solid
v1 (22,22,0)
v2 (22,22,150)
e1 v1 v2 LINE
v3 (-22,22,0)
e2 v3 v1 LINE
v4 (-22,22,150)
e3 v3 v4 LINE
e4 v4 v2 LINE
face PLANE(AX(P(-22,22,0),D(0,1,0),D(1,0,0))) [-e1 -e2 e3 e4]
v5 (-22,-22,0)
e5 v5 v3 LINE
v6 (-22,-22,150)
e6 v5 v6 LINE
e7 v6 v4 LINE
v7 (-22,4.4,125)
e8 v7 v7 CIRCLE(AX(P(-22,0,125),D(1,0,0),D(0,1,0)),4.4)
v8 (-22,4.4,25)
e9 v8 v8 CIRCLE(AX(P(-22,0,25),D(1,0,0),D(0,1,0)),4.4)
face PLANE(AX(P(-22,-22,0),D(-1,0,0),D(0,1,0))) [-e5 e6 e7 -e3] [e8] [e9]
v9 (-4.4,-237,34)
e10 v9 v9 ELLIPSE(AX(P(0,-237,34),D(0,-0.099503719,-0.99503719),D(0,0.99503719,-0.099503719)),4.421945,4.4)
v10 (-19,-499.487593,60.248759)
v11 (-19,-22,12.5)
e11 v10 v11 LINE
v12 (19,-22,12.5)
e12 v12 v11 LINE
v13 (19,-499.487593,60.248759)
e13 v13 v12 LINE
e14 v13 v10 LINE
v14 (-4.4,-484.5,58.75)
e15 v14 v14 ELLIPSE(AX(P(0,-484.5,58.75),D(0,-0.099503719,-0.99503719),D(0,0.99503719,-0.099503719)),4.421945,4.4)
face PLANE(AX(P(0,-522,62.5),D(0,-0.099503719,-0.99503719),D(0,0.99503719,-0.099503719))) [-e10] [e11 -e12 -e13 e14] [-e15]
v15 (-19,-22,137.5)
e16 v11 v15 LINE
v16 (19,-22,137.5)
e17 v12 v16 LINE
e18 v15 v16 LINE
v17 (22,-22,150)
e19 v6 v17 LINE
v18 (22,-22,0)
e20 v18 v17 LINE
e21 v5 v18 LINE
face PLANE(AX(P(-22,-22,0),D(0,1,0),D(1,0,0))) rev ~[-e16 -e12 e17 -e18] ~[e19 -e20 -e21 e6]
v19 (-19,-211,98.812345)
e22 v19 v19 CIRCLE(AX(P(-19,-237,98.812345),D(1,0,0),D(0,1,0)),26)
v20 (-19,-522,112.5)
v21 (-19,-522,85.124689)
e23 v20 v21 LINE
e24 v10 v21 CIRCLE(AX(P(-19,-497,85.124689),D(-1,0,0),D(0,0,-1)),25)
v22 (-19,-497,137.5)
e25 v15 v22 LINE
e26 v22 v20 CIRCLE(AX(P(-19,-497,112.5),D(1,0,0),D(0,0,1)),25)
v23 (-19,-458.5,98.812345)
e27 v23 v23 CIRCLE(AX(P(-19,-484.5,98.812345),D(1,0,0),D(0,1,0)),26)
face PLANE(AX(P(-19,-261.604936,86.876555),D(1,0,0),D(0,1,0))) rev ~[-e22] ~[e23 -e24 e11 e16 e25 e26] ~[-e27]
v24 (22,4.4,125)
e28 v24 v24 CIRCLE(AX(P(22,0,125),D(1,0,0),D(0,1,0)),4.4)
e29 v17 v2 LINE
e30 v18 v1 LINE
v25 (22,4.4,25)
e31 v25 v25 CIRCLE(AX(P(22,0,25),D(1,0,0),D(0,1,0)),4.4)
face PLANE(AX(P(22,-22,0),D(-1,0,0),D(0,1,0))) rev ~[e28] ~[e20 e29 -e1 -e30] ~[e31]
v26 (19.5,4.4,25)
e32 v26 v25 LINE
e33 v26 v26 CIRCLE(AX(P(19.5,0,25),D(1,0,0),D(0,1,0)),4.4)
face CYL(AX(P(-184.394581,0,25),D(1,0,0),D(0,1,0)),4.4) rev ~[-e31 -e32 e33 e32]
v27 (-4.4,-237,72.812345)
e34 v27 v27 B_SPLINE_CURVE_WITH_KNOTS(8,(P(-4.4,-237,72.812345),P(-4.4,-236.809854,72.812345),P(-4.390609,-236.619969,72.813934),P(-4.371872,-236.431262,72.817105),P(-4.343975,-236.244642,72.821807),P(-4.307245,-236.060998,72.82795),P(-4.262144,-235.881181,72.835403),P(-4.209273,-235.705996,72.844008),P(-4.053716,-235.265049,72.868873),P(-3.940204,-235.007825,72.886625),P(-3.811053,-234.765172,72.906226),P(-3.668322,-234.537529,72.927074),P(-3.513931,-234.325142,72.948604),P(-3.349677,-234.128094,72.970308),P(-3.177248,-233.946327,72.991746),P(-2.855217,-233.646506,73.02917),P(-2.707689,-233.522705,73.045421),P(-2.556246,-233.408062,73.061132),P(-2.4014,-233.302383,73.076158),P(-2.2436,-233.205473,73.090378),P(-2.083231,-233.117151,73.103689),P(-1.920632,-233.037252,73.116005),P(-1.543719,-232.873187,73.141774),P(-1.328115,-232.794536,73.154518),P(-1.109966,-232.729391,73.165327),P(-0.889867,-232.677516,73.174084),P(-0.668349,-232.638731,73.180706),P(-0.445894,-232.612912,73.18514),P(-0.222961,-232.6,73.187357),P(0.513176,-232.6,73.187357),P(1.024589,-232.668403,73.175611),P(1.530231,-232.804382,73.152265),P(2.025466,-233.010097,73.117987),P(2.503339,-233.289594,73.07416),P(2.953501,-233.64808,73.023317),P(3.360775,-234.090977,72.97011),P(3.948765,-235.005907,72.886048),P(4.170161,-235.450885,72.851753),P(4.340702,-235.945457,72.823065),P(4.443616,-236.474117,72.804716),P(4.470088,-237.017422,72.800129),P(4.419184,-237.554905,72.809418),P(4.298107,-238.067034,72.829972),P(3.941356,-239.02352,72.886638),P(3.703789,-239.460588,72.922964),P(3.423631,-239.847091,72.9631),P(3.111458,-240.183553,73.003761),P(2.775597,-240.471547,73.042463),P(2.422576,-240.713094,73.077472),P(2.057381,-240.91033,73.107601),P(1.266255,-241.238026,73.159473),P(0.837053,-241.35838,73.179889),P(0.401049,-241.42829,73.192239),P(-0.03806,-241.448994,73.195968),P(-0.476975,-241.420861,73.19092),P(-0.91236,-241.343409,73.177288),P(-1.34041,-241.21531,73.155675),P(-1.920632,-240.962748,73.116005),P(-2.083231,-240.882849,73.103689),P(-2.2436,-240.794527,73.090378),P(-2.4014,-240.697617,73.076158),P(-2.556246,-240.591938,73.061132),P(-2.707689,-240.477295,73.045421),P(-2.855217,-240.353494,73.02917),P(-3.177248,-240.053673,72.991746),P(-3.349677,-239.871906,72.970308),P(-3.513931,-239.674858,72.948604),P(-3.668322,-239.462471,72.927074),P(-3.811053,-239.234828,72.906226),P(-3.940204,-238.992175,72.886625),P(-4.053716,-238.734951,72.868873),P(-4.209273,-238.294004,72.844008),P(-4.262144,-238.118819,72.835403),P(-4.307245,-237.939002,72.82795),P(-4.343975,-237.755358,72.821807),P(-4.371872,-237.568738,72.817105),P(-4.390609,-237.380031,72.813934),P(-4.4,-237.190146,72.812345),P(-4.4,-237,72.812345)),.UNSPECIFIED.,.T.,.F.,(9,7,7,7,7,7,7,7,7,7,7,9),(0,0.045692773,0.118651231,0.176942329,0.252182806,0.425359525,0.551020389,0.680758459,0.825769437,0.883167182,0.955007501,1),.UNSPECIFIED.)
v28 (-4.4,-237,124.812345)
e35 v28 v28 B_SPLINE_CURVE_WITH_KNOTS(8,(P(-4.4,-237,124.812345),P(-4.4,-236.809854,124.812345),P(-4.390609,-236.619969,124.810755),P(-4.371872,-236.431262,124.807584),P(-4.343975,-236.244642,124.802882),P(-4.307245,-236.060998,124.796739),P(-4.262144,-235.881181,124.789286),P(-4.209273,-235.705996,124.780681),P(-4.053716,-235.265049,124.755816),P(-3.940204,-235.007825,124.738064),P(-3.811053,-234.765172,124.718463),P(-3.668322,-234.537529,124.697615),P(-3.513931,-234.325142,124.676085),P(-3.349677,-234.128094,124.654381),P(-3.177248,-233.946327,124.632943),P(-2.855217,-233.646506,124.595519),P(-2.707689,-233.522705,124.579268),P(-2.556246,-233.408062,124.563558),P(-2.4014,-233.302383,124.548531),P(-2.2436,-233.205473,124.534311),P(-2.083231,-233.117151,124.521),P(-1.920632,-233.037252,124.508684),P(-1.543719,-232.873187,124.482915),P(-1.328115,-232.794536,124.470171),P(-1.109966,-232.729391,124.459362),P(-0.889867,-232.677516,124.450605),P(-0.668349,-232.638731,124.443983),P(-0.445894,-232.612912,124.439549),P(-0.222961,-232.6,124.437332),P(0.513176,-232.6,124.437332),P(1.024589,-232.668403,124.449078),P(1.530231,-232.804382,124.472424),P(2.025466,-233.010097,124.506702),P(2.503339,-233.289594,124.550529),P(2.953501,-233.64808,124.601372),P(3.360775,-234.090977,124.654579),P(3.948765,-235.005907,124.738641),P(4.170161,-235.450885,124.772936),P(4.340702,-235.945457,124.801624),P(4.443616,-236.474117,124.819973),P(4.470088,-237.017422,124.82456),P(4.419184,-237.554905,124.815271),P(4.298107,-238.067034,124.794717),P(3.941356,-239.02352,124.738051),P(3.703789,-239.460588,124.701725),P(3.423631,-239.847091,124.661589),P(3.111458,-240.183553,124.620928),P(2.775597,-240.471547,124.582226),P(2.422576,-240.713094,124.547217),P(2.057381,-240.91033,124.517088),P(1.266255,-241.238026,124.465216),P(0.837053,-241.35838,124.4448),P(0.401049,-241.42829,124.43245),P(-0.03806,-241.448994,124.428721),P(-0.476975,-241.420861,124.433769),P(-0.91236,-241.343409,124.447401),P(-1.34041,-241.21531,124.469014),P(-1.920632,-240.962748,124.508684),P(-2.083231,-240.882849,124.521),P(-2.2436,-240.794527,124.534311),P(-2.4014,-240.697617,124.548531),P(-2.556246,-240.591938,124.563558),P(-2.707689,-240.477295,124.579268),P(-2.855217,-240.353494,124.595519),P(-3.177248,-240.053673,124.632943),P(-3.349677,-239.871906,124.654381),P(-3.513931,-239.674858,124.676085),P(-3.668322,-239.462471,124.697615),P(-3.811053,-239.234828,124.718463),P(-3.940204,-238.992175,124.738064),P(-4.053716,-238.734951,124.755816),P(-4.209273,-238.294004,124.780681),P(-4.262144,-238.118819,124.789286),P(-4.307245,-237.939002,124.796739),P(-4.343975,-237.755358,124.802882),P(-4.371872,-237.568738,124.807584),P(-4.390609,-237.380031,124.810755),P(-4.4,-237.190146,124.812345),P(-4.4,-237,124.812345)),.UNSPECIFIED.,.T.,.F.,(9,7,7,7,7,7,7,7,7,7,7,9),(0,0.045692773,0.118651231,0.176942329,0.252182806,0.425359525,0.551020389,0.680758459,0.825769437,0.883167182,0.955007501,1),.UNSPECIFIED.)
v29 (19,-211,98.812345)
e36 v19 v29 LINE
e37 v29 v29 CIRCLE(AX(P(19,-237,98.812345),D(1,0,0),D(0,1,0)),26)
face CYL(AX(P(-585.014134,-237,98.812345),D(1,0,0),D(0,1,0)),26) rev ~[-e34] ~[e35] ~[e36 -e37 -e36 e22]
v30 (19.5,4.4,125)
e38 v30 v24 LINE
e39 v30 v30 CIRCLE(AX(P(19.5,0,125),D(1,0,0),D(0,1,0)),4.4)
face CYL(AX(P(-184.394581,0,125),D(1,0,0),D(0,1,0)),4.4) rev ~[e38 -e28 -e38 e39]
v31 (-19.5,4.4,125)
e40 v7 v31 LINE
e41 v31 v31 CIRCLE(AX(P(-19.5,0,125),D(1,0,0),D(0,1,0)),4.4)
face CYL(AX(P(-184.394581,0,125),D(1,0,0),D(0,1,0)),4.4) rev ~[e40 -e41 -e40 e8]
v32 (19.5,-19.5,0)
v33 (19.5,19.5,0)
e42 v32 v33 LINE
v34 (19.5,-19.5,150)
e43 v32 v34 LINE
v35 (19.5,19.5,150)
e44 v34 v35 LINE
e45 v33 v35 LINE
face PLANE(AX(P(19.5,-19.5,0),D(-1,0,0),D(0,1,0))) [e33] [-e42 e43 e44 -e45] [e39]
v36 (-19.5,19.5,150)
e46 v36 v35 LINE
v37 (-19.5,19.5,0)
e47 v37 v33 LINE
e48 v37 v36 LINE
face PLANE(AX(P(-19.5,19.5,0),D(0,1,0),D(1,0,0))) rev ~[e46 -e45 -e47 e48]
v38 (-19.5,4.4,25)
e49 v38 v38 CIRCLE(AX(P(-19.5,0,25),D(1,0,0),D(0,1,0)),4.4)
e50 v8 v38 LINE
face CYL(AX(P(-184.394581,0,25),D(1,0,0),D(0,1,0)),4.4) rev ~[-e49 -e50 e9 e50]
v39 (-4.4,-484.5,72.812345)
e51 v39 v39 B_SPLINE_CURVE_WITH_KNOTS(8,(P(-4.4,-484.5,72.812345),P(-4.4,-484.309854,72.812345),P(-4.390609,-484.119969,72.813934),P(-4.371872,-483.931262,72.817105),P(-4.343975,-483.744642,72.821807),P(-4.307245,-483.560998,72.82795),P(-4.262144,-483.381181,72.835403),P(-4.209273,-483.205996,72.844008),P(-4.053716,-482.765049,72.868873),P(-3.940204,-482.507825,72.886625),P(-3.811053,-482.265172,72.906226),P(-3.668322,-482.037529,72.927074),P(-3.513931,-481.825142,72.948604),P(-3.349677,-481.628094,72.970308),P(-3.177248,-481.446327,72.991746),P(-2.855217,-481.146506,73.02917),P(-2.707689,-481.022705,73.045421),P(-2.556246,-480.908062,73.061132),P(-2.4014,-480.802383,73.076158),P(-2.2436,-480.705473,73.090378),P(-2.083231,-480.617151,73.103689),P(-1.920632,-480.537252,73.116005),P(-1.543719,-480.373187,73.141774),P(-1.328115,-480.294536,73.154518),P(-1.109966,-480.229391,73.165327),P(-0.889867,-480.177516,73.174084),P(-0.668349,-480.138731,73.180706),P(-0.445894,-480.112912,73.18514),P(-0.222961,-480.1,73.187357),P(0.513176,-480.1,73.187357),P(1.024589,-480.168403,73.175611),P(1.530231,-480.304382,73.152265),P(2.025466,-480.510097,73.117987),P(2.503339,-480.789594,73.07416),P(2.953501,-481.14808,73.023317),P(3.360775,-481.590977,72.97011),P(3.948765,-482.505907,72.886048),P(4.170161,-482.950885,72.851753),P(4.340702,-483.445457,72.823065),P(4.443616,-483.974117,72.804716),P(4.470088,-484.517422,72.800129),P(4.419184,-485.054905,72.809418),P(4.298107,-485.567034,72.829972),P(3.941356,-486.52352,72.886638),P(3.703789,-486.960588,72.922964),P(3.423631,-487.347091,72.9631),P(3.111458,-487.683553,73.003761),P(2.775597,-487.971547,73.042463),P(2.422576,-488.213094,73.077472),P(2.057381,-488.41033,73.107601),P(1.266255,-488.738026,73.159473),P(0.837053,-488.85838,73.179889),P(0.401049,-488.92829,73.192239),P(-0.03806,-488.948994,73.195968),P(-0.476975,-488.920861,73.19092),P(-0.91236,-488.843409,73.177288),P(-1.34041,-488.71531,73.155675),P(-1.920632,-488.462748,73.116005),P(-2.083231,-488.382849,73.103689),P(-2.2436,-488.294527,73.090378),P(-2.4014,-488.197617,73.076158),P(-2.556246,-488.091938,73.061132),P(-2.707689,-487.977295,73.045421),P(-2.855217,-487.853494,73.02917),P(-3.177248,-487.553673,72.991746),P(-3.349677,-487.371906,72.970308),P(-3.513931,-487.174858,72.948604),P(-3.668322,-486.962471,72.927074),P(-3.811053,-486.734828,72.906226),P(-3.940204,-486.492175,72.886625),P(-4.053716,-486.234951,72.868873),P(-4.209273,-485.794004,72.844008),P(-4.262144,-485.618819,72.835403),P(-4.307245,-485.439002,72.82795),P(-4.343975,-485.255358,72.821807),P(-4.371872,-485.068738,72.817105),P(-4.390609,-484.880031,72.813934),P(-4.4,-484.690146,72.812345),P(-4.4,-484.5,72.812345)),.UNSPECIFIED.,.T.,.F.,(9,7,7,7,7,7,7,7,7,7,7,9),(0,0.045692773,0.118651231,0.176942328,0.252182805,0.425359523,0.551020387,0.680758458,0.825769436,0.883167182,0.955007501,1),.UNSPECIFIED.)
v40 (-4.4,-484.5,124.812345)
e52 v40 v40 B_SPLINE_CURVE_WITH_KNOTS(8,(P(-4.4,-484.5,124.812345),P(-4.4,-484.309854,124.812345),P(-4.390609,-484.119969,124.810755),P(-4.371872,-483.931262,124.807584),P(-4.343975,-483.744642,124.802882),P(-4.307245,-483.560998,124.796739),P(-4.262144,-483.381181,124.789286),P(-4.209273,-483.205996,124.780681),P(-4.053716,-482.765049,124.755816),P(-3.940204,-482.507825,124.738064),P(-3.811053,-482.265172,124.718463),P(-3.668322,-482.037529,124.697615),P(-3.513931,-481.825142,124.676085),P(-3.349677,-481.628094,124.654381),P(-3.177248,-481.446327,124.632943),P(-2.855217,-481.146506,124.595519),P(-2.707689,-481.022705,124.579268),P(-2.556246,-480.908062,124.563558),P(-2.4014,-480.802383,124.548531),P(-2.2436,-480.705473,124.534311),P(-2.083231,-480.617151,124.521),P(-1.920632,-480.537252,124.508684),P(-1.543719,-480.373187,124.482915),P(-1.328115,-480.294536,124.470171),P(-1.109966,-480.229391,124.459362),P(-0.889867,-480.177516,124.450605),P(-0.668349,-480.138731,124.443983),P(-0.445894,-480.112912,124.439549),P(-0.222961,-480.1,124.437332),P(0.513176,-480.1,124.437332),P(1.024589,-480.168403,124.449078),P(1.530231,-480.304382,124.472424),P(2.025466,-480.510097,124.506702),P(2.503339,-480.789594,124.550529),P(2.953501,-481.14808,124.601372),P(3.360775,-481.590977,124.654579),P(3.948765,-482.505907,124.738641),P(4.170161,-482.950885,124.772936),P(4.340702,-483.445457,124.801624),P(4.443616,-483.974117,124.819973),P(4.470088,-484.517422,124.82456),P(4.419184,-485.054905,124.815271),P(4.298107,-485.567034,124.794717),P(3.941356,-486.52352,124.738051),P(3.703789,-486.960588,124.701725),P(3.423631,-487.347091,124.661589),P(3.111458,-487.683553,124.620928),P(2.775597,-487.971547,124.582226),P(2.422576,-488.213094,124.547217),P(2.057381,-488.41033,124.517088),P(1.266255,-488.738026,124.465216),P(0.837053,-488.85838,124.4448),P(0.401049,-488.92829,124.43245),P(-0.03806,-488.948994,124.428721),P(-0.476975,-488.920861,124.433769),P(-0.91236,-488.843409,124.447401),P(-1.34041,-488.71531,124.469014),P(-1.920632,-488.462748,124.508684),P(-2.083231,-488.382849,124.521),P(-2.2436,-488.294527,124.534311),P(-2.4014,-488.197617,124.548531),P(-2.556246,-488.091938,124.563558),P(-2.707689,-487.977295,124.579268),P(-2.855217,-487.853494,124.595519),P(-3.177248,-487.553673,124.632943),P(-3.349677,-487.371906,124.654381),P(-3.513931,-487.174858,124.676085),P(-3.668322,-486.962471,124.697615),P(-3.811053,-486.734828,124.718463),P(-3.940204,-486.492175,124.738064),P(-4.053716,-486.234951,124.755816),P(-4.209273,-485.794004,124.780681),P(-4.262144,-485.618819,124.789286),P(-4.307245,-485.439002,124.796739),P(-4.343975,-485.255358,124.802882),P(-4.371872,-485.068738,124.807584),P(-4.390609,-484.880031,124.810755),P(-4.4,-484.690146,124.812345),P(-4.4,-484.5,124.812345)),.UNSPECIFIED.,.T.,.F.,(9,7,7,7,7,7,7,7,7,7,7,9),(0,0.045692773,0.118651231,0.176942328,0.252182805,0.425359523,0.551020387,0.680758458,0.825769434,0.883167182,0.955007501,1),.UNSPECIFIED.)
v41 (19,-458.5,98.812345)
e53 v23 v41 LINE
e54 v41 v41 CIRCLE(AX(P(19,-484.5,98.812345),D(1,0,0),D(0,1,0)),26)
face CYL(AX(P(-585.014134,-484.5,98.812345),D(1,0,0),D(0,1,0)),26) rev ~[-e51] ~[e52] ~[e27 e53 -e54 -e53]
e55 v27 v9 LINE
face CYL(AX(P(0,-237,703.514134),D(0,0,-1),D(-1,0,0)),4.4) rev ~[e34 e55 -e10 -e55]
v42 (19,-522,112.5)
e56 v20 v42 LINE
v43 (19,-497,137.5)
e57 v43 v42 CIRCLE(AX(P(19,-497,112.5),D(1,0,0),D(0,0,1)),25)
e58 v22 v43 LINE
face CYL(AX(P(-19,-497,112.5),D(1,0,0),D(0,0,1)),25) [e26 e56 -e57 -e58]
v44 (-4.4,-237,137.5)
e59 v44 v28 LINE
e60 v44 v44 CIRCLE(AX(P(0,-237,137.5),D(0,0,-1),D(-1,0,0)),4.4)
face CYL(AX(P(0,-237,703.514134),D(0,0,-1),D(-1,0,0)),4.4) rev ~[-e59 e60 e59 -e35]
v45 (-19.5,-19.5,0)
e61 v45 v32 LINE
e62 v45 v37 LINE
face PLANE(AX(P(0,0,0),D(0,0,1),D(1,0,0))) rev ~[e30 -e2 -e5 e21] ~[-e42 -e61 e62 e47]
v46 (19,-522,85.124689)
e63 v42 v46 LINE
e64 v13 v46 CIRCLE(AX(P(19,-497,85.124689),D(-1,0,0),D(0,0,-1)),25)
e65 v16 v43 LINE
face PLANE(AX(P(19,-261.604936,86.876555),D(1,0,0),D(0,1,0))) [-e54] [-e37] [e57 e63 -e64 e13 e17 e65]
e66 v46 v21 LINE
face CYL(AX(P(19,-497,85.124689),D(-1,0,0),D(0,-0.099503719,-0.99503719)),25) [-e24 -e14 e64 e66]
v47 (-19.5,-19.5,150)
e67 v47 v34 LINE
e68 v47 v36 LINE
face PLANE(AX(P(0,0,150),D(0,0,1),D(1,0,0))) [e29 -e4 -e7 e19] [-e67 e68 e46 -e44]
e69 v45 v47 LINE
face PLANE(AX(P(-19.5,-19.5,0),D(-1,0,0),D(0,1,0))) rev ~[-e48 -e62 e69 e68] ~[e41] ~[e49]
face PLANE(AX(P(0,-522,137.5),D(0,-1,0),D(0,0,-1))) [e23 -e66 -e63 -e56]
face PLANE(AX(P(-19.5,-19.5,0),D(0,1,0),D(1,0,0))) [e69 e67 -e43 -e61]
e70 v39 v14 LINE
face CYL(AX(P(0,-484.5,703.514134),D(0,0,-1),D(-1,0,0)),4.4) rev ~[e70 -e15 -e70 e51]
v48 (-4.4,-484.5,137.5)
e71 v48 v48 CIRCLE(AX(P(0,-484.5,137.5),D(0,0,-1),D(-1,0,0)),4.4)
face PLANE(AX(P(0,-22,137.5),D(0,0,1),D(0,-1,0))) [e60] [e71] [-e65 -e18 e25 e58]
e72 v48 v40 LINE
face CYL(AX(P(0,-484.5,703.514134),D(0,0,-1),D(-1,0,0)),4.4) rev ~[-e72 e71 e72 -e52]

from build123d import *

# Parameters (mm, degrees)
F0_W     = 44
F0_H     = 44
F0_W_2   = 39
F0_H_2   = 39
F1_DEPTH = 150
F3_D     = 8.8
F5_DEPTH = 19
F6_R     = 25
F8_D     = 52
F10_D    = 8.8


with BuildPart() as f1:
    # F0 (on Top) → F1 (new body)
    with BuildSketch(Plane.XY):
        Rectangle(F0_W, F0_H)
        Rectangle(F0_W_2, F0_H_2, mode=Mode.SUBTRACT)
    extrude(amount=F1_DEPTH)

    # F3 (through all)
    with Locations(Plane(origin=(-22, 0, 0), x_dir=(0, -1, 0), z_dir=(-1, 0, 0))):
        with Locations((0, 125), (0, 25)):
            Hole(F3_D / 2)

    # F4 (on Right) → F5 (join, symmetric)
    with BuildSketch(Plane.YZ):
        Polygon((-22, 12.5), (-22, 137.5), (-522, 137.5), (-522, 62.5), align=None)
    extrude(amount=F5_DEPTH, both=True)

    # F6
    f6_edges = [f1.edges().sort_by_distance(p)[0] for p in [
        (0, -522, 137.5),
        (0, -522, 62.5),
    ]]
    fillet(f6_edges, radius=F6_R)

    # F8 (through all)
    with Locations(Plane(origin=(-19, 0, 0), x_dir=(0, -1, 0), z_dir=(-1, 0, 0))):
        with Locations((484.5, 98.8123445264), (237, 98.8123445264)):
            Hole(F8_D / 2)

    # F10 (through all)
    with Locations(Plane.XY.offset(137.5)):
        with Locations((0, -237), (0, -484.5)):
            Hole(F10_D / 2)


solid = f1.part
